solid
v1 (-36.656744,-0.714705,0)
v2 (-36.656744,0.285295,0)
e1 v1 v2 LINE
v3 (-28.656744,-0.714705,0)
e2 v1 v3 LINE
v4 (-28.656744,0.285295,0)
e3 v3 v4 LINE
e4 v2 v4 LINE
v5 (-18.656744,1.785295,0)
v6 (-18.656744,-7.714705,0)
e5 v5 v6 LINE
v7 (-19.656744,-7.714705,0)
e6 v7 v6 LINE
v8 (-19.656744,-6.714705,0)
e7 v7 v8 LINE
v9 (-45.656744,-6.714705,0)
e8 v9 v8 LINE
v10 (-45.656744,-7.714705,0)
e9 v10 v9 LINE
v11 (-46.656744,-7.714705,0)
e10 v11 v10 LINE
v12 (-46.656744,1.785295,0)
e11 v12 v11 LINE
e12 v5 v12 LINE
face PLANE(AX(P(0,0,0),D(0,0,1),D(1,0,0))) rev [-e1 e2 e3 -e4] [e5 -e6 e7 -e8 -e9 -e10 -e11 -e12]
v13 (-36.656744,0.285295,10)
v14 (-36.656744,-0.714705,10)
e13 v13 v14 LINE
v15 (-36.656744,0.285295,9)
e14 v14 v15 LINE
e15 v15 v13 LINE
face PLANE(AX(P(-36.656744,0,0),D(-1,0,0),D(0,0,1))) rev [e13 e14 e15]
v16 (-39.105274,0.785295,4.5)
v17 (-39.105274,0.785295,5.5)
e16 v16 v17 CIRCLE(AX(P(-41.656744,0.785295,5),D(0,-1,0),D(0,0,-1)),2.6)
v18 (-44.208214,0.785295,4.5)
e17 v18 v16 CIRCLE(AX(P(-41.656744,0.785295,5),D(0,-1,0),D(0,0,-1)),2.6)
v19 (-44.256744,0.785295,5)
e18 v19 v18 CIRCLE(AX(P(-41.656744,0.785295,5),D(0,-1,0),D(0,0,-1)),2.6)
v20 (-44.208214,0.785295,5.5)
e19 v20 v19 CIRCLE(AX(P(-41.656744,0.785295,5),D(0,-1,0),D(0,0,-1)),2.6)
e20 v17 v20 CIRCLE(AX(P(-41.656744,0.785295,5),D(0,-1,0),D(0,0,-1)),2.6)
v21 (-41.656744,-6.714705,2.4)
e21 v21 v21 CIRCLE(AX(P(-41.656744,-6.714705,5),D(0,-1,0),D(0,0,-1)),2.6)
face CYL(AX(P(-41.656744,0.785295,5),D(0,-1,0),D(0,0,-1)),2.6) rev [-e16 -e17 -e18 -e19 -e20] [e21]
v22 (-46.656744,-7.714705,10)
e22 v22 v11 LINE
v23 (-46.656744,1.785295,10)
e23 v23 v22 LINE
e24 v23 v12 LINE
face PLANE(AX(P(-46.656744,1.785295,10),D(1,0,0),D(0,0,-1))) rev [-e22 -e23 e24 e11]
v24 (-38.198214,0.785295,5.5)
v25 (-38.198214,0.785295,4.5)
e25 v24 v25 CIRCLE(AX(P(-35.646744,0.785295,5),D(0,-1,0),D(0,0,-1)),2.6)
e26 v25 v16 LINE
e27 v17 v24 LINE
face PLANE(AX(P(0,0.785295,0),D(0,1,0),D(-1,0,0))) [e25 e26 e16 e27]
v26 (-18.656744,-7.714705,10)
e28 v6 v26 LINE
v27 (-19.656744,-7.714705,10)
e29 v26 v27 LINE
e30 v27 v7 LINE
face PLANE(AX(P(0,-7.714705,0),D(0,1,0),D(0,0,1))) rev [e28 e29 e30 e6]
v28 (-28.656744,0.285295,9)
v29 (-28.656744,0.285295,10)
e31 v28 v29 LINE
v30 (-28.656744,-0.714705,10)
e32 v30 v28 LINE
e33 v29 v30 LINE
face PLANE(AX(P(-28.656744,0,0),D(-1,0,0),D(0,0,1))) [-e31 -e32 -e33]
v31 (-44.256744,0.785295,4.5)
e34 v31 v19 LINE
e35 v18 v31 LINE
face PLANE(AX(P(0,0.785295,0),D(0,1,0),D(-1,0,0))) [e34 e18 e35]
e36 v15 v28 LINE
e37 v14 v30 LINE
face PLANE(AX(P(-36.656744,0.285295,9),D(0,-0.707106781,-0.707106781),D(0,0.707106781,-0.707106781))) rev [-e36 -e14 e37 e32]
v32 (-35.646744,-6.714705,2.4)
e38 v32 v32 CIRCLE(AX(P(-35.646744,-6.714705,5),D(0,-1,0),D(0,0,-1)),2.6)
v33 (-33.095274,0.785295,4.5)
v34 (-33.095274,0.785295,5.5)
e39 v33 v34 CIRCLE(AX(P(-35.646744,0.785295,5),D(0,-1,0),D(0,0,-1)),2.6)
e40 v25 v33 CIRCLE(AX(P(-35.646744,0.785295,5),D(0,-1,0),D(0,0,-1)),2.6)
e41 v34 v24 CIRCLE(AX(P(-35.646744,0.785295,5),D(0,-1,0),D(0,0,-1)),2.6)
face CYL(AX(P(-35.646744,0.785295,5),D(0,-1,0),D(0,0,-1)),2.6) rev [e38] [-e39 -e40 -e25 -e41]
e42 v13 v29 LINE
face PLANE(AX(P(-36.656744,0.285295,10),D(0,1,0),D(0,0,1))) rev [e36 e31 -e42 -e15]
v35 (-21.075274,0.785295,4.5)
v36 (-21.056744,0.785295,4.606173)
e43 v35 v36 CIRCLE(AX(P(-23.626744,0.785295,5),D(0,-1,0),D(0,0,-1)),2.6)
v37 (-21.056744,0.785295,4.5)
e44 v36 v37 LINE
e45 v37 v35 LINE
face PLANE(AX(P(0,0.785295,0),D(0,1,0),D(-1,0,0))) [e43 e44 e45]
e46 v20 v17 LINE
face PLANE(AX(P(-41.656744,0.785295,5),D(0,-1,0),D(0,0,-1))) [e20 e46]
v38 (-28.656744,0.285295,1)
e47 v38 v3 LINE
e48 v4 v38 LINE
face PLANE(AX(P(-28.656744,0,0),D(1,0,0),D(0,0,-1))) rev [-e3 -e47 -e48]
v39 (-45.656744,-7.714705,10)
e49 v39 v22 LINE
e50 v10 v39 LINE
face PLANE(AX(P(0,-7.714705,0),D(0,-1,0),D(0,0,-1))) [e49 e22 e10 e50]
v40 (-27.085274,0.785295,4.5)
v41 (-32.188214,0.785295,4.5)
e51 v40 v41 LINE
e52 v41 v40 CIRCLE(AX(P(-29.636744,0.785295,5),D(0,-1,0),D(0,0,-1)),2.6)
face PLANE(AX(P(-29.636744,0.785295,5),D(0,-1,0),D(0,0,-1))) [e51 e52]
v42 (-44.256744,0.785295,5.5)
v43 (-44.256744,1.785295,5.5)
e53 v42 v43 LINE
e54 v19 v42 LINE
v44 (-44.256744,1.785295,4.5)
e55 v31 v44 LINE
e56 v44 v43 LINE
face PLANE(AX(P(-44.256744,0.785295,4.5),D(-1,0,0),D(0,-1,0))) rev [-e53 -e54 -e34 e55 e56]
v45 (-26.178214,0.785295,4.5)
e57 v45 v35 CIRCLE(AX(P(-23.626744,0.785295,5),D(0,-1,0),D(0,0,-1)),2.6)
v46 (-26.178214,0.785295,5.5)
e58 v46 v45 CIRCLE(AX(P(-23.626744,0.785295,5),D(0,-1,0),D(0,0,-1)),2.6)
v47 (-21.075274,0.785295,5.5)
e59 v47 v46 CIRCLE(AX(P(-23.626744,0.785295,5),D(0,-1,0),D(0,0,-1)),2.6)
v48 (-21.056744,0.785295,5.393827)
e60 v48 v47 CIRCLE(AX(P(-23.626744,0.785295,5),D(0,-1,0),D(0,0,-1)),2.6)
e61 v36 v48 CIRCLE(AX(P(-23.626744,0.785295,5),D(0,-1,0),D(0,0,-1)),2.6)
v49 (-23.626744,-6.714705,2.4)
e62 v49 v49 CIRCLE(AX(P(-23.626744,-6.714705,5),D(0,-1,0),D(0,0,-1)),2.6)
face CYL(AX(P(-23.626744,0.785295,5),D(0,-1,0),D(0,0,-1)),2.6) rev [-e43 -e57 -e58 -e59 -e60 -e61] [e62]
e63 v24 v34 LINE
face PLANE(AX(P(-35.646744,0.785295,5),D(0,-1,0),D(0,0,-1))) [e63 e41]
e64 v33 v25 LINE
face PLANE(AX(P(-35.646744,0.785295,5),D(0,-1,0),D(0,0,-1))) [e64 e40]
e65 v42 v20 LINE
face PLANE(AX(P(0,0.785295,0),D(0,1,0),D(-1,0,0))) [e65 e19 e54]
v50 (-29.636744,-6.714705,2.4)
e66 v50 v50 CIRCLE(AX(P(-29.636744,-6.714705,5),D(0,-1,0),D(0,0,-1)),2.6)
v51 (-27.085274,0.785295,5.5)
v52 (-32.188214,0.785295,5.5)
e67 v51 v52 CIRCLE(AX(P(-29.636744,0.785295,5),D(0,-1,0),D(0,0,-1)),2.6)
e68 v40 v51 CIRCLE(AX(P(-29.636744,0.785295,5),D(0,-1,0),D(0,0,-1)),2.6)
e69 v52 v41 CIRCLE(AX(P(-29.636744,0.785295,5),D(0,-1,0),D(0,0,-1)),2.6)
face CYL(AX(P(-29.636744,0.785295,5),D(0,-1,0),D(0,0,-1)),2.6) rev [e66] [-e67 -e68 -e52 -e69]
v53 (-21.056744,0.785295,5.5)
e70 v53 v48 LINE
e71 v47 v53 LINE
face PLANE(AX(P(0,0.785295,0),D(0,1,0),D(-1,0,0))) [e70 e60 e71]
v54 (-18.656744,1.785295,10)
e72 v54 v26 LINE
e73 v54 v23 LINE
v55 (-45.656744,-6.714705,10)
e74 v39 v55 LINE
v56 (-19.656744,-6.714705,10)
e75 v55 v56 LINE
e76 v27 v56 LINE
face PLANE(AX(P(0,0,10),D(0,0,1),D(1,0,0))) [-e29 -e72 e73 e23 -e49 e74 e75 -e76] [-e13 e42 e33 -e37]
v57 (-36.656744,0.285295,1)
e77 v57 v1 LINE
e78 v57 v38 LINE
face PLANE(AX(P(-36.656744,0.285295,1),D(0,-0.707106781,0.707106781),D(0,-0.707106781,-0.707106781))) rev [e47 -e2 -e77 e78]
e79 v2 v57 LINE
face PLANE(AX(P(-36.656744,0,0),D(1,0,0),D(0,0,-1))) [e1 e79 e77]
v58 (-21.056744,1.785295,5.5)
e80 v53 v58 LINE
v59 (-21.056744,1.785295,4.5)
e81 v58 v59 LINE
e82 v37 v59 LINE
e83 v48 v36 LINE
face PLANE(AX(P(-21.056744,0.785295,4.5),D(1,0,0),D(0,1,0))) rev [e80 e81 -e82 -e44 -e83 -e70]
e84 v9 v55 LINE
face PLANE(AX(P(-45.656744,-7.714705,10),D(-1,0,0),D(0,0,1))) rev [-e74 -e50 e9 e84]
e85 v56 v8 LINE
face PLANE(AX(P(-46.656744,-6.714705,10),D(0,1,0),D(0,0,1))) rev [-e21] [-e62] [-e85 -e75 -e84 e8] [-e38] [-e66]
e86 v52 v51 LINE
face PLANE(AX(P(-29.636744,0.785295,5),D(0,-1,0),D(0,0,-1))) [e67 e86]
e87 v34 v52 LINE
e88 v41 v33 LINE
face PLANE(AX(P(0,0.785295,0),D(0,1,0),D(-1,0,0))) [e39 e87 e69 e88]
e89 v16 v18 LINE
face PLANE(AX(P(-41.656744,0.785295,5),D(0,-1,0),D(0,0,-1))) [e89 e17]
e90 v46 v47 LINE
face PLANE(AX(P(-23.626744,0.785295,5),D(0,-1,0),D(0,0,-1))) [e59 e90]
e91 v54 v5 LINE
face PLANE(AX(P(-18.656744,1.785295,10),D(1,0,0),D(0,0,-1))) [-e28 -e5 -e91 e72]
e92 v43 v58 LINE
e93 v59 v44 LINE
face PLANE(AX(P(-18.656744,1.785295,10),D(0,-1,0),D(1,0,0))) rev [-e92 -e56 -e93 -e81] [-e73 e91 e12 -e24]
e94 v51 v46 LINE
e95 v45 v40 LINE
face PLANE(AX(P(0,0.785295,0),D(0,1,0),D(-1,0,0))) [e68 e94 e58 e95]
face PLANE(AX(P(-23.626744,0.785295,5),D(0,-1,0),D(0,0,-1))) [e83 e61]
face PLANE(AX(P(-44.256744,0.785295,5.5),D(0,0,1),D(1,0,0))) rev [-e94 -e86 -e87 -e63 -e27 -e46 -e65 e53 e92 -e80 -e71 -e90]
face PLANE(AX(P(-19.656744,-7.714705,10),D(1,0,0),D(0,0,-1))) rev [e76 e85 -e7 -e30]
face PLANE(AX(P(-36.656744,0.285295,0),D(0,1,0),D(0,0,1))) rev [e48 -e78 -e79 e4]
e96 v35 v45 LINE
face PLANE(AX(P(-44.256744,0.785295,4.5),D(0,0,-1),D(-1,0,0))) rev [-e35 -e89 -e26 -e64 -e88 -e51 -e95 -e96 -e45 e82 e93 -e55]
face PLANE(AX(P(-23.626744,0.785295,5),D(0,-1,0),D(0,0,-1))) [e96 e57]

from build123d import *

# Parameters (mm, degrees)
SKICA1_W                 = 28
SKICA1_H                 = 8.5
P_IDAT_VYSUNUT_M1_DEPTH  = 10
SKICA3_R                 = 2.6
ODEBRAT_VYSUNUT_M2_DEPTH = 7.5
SKICA4_W                 = 23.2
SKICA4_H                 = 1
ODEBRAT_VYSUNUT_M3_DEPTH = 1
SKICA5_W                 = 1
SKICA5_H                 = 10
P_IDAT_VYSUNUT_M2_DEPTH  = 1
ODEBRAT_START            = -10
ODEBRAT_VYSUNUT_M5_DEPTH = 8


with BuildPart() as part:
    # Skica1 → Přidat vysunutím1 (new body)
    with BuildSketch(Plane.XY):
        with Locations((-32.656744291, -2.464704976)):
            Rectangle(SKICA1_W, SKICA1_H)
    extrude(amount=P_IDAT_VYSUNUT_M1_DEPTH)

    # Skica3 → Odebrat vysunutím2 (cut)
    with BuildSketch(Plane(origin=(0, -6.714704976, 0), x_dir=(-1, 0, 0), z_dir=(0, -1, 0))):
        with Locations((41.656744291, -5)):
            Circle(SKICA3_R)
        with Locations((35.646744291, -5)):
            Circle(SKICA3_R)
        with Locations((29.636744291, -5)):
            Circle(SKICA3_R)
        with Locations((23.626744291, -5)):
            Circle(SKICA3_R)
    extrude(amount=-ODEBRAT_VYSUNUT_M2_DEPTH, mode=Mode.SUBTRACT)

    # Skica4 → Odebrat vysunutím3 (cut)
    with BuildSketch(Plane(origin=(0, 1.785295024, 0), x_dir=(1, 0, 0), z_dir=(0, 1, 0))):
        with Locations((-32.656744291, -5)):
            Rectangle(SKICA4_W, SKICA4_H)
    extrude(amount=-ODEBRAT_VYSUNUT_M3_DEPTH, mode=Mode.SUBTRACT)

    # Skica5 → Přidat vysunutím2 (add)
    with BuildSketch(Plane(origin=(0, -6.714704976, 0), x_dir=(-1, 0, 0), z_dir=(0, -1, 0))):
        with Locations((46.156744291, -5)):
            Rectangle(SKICA5_W, SKICA5_H)
        with Locations((19.156744291, -5)):
            Rectangle(SKICA5_W, SKICA5_H)
    extrude(amount=P_IDAT_VYSUNUT_M2_DEPTH)

    # Skica9 → Odebrat vysunutím5 (cut)
    with BuildSketch(Plane(origin=(-18.656744291, 0, 0), x_dir=(0, 0, -1), z_dir=(1, 0, 0)).offset(ODEBRAT_START)):
        Polygon((-10, 0.285295024), (-9, 0.285295024), (-10, -0.714704976), align=None)
        Polygon((0, 0.285295024), (-1, 0.285295024), (0, -0.714704976), align=None)
    extrude(amount=-ODEBRAT_VYSUNUT_M5_DEPTH, mode=Mode.SUBTRACT)


solid = part.part
